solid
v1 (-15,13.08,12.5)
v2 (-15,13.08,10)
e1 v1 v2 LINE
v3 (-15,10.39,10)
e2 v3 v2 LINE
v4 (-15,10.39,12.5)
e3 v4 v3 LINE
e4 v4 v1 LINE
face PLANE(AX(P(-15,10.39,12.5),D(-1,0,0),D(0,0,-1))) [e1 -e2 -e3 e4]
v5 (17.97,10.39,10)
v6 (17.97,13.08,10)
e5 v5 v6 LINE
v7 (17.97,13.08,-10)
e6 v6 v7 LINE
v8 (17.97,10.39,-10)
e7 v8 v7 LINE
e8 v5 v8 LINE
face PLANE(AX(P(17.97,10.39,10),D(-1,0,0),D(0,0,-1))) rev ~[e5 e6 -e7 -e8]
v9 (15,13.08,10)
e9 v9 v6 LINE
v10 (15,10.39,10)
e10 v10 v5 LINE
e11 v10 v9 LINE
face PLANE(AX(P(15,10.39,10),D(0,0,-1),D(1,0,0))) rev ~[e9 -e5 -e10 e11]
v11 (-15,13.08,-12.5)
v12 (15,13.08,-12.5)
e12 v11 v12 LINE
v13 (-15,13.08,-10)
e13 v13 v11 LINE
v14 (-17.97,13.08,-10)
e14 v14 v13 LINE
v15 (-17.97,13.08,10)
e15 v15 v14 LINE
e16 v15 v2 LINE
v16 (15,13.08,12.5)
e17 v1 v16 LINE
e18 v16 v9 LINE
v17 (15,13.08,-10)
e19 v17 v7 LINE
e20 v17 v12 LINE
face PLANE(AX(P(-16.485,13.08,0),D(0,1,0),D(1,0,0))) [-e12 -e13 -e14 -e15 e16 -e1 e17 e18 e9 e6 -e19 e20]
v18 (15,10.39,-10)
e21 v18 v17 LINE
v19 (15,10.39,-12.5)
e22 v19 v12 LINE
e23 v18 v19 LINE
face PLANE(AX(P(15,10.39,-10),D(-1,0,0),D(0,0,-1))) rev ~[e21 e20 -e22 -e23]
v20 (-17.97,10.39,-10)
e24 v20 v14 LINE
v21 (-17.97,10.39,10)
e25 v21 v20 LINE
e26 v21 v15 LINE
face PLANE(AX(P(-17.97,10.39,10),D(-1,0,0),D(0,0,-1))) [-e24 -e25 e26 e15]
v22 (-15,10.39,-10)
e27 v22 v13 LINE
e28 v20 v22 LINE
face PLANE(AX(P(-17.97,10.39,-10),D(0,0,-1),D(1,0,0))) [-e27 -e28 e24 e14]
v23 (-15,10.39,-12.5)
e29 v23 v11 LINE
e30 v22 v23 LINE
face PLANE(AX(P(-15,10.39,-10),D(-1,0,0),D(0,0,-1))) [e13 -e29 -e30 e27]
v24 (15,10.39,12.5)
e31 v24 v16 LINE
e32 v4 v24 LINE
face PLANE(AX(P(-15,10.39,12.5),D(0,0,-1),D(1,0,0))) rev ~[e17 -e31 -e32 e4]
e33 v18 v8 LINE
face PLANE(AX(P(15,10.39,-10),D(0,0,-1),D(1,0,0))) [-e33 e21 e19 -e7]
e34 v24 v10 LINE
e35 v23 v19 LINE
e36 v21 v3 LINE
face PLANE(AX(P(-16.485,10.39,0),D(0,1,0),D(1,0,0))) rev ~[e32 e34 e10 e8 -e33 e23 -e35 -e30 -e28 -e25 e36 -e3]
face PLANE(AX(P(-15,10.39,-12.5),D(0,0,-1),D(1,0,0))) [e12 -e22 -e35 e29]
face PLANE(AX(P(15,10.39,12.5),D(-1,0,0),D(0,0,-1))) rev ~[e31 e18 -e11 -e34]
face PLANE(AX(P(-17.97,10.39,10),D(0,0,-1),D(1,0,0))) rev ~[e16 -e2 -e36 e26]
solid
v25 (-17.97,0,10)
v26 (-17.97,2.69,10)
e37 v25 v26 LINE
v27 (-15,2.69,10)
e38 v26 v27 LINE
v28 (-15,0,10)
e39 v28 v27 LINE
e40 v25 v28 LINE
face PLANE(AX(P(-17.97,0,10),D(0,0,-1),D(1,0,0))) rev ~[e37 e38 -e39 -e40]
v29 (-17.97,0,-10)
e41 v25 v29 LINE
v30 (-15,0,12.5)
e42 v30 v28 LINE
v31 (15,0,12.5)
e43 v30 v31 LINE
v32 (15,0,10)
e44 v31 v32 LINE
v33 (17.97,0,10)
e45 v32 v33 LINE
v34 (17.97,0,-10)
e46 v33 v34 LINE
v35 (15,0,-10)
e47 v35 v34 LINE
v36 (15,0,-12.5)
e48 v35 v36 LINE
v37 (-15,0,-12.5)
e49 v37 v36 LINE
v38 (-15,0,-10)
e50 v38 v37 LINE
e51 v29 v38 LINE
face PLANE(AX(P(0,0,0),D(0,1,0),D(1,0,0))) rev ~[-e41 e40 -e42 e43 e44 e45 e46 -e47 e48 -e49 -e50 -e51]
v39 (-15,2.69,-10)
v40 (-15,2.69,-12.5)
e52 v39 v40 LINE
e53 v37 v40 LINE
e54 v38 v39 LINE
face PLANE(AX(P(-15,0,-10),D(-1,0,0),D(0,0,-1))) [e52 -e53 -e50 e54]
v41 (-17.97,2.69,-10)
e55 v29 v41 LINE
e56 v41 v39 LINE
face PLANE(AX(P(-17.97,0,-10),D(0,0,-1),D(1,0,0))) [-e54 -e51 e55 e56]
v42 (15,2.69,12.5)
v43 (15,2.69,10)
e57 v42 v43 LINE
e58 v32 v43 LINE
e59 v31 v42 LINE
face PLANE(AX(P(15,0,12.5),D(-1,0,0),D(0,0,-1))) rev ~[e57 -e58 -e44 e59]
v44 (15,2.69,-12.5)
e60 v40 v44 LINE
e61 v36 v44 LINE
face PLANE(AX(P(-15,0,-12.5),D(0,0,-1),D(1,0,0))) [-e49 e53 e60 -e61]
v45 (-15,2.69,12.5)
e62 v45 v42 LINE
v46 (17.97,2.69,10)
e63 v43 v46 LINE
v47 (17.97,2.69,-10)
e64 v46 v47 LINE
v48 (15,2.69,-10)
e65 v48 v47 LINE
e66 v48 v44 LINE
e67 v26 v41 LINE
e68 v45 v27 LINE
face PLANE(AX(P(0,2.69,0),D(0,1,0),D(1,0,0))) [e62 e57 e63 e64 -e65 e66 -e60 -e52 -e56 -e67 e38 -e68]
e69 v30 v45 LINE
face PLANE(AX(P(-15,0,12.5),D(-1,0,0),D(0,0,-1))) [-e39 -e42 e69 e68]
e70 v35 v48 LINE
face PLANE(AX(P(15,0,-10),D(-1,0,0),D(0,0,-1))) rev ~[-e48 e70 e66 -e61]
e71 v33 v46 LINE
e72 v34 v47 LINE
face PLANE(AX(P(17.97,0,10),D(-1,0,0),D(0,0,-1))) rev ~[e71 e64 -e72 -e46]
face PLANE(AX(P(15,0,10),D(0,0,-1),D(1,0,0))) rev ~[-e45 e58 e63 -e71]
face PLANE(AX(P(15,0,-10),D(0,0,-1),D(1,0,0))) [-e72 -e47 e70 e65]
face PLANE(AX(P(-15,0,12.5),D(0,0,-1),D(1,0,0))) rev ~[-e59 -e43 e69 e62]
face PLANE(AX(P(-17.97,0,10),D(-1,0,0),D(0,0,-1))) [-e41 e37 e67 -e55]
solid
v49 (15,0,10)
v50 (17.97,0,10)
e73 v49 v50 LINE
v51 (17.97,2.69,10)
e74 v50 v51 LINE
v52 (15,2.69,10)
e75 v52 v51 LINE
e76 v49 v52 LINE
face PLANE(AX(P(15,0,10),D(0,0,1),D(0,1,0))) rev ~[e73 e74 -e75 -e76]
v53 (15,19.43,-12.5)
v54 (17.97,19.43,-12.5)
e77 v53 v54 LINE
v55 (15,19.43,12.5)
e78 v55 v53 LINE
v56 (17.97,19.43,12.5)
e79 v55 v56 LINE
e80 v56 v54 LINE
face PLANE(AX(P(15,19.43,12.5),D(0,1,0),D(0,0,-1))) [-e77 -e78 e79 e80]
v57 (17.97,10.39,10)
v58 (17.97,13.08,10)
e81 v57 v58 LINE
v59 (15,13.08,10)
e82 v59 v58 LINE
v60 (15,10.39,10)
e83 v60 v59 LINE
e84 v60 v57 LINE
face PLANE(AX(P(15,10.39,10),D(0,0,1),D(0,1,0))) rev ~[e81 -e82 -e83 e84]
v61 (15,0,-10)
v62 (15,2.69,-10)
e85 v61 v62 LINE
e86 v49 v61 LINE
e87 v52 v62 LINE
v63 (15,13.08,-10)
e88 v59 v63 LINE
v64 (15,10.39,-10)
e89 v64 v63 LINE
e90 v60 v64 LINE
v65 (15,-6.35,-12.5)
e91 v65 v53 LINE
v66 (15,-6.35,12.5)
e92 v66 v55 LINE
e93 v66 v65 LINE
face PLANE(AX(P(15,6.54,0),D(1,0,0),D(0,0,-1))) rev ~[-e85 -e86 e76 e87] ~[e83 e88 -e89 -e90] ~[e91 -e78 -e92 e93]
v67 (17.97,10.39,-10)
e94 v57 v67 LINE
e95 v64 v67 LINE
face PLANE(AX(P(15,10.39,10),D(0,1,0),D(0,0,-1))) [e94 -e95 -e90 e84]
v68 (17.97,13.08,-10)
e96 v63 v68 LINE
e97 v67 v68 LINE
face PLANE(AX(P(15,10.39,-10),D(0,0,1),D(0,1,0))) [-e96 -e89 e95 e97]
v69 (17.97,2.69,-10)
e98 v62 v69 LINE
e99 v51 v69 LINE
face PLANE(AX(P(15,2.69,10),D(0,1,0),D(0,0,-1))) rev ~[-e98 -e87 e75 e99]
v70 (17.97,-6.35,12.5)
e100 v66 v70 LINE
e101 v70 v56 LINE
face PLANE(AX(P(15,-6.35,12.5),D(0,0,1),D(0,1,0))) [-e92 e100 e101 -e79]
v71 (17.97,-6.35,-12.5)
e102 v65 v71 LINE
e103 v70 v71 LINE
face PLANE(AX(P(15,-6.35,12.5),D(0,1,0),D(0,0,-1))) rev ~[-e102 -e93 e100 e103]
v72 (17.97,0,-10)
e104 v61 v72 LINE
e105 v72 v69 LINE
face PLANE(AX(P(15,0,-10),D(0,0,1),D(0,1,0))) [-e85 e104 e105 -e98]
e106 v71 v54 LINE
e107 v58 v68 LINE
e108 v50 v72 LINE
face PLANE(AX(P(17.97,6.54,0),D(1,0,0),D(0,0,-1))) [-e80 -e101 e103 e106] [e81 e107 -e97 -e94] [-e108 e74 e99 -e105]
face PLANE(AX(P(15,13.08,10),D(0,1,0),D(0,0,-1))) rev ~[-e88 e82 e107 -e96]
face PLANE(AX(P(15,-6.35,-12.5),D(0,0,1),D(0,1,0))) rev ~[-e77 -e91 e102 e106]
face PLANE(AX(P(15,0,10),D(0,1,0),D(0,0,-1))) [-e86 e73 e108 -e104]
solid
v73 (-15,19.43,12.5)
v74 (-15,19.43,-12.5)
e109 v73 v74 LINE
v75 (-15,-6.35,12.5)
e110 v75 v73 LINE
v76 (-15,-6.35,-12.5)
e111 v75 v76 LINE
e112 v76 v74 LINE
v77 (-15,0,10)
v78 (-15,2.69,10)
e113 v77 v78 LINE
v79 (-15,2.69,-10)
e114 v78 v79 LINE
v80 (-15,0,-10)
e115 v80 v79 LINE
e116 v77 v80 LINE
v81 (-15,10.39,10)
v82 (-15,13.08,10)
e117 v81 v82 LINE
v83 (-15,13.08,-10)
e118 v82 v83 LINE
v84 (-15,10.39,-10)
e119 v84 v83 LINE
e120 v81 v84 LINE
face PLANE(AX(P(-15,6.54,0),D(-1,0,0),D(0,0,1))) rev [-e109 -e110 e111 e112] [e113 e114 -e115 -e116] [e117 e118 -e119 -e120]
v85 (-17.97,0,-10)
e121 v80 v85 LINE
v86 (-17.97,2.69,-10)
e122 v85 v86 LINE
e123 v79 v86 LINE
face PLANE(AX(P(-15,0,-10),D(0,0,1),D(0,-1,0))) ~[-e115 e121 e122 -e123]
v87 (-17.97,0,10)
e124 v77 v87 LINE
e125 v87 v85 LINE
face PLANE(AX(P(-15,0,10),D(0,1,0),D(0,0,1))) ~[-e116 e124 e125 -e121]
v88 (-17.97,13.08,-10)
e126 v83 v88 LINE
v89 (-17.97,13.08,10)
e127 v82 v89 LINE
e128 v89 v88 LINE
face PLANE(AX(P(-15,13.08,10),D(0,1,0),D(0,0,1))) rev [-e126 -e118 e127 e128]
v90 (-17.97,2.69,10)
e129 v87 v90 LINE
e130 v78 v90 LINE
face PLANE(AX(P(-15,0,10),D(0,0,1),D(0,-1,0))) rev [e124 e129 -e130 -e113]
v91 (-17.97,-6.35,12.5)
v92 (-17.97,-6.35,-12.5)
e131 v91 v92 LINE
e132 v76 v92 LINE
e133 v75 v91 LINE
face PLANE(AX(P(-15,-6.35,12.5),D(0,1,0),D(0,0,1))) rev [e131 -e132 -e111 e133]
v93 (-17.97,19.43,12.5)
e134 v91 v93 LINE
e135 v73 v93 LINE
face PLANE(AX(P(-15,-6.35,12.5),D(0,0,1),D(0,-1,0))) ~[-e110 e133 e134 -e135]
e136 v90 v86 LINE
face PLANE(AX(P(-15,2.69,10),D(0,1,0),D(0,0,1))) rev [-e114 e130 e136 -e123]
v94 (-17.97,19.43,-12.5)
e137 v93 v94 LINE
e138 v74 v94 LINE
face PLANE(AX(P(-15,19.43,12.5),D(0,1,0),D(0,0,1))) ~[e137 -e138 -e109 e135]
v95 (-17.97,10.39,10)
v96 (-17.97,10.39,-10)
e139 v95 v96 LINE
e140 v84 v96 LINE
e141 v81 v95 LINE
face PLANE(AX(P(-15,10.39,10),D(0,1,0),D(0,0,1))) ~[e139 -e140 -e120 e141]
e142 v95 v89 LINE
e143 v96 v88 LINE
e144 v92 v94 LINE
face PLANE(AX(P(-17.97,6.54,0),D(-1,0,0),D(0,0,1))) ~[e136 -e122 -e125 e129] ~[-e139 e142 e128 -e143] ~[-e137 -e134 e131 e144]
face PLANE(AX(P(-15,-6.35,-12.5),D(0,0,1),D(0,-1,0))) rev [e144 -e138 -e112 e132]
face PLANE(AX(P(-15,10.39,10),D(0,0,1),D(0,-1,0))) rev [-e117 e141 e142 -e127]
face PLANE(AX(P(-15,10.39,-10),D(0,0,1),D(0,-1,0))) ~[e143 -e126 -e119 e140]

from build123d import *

# Parameters (mm, degrees)
SKETCH2_W           = 30
SKETCH2_H           = 25
SKETCH2_W_2         = 2.97
SKETCH2_H_2         = 20
BOSS_EXTRUDE3_DEPTH = 2.69
BOSS_EXTRUDE4_START = 10.39
SKETCH2_3_W         = 2.97
SKETCH2_3_H         = 20
SKETCH2_3_W_2       = 30
SKETCH2_3_H_2       = 25
BOSS_EXTRUDE4_DEPTH = 2.69
SKETCH4_W           = 25
SKETCH4_H           = 25.78
SKETCH4_W_2         = 20
SKETCH4_H_2         = 2.69
BOSS_EXTRUDE5_DEPTH = 2.97


with BuildPart() as part:
    # Sketch2 → Boss-Extrude3 (new body)
    with BuildSketch(Plane(origin=(0, 0, 0), x_dir=(1, 0, 0), z_dir=(0, 1, 0))):
        Rectangle(SKETCH2_W, SKETCH2_H)
        with Locations((-16.485, 0)):
            Rectangle(SKETCH2_W_2, SKETCH2_H_2)
        with Locations((16.485, 0)):
            Rectangle(SKETCH2_W_2, SKETCH2_H_2)
    extrude(amount=BOSS_EXTRUDE3_DEPTH)


with BuildPart() as body_2:
    # Sketch2<3> → Boss-Extrude4 (new body)
    with BuildSketch(Plane(origin=(0, 0, 0), x_dir=(1, 0, 0), z_dir=(0, 1, 0)).offset(BOSS_EXTRUDE4_START)):
        with Locations((-16.485, 0)):
            Rectangle(SKETCH2_3_W, SKETCH2_3_H)
        Rectangle(SKETCH2_3_W_2, SKETCH2_3_H_2)
        with Locations((16.485, 0)):
            Rectangle(SKETCH2_3_W, SKETCH2_3_H)
    extrude(amount=BOSS_EXTRUDE4_DEPTH)


with BuildPart() as body_3:
    # Sketch4 → Boss-Extrude5 (new body)
    with BuildSketch(Plane(origin=(15, 0, 0), x_dir=(0, 0, -1), z_dir=(1, 0, 0))):
        with Locations((0, 6.54)):
            Rectangle(SKETCH4_W, SKETCH4_H)
        with Locations((0, 11.735)):
            Rectangle(SKETCH4_W_2, SKETCH4_H_2, mode=Mode.SUBTRACT)
        with Locations((0, 1.345)):
            Rectangle(SKETCH4_W_2, SKETCH4_H_2, mode=Mode.SUBTRACT)
    extrude(amount=BOSS_EXTRUDE5_DEPTH)


with BuildPart() as body_4:
    # Mirror1: mirrored copy
    add(body_3.part.mirror(Plane(origin=(0, 0, 0), x_dir=(0, 0, 1), z_dir=(1, 0, 0))))


solid = Compound([part.part, body_2.part, body_3.part, body_4.part])
